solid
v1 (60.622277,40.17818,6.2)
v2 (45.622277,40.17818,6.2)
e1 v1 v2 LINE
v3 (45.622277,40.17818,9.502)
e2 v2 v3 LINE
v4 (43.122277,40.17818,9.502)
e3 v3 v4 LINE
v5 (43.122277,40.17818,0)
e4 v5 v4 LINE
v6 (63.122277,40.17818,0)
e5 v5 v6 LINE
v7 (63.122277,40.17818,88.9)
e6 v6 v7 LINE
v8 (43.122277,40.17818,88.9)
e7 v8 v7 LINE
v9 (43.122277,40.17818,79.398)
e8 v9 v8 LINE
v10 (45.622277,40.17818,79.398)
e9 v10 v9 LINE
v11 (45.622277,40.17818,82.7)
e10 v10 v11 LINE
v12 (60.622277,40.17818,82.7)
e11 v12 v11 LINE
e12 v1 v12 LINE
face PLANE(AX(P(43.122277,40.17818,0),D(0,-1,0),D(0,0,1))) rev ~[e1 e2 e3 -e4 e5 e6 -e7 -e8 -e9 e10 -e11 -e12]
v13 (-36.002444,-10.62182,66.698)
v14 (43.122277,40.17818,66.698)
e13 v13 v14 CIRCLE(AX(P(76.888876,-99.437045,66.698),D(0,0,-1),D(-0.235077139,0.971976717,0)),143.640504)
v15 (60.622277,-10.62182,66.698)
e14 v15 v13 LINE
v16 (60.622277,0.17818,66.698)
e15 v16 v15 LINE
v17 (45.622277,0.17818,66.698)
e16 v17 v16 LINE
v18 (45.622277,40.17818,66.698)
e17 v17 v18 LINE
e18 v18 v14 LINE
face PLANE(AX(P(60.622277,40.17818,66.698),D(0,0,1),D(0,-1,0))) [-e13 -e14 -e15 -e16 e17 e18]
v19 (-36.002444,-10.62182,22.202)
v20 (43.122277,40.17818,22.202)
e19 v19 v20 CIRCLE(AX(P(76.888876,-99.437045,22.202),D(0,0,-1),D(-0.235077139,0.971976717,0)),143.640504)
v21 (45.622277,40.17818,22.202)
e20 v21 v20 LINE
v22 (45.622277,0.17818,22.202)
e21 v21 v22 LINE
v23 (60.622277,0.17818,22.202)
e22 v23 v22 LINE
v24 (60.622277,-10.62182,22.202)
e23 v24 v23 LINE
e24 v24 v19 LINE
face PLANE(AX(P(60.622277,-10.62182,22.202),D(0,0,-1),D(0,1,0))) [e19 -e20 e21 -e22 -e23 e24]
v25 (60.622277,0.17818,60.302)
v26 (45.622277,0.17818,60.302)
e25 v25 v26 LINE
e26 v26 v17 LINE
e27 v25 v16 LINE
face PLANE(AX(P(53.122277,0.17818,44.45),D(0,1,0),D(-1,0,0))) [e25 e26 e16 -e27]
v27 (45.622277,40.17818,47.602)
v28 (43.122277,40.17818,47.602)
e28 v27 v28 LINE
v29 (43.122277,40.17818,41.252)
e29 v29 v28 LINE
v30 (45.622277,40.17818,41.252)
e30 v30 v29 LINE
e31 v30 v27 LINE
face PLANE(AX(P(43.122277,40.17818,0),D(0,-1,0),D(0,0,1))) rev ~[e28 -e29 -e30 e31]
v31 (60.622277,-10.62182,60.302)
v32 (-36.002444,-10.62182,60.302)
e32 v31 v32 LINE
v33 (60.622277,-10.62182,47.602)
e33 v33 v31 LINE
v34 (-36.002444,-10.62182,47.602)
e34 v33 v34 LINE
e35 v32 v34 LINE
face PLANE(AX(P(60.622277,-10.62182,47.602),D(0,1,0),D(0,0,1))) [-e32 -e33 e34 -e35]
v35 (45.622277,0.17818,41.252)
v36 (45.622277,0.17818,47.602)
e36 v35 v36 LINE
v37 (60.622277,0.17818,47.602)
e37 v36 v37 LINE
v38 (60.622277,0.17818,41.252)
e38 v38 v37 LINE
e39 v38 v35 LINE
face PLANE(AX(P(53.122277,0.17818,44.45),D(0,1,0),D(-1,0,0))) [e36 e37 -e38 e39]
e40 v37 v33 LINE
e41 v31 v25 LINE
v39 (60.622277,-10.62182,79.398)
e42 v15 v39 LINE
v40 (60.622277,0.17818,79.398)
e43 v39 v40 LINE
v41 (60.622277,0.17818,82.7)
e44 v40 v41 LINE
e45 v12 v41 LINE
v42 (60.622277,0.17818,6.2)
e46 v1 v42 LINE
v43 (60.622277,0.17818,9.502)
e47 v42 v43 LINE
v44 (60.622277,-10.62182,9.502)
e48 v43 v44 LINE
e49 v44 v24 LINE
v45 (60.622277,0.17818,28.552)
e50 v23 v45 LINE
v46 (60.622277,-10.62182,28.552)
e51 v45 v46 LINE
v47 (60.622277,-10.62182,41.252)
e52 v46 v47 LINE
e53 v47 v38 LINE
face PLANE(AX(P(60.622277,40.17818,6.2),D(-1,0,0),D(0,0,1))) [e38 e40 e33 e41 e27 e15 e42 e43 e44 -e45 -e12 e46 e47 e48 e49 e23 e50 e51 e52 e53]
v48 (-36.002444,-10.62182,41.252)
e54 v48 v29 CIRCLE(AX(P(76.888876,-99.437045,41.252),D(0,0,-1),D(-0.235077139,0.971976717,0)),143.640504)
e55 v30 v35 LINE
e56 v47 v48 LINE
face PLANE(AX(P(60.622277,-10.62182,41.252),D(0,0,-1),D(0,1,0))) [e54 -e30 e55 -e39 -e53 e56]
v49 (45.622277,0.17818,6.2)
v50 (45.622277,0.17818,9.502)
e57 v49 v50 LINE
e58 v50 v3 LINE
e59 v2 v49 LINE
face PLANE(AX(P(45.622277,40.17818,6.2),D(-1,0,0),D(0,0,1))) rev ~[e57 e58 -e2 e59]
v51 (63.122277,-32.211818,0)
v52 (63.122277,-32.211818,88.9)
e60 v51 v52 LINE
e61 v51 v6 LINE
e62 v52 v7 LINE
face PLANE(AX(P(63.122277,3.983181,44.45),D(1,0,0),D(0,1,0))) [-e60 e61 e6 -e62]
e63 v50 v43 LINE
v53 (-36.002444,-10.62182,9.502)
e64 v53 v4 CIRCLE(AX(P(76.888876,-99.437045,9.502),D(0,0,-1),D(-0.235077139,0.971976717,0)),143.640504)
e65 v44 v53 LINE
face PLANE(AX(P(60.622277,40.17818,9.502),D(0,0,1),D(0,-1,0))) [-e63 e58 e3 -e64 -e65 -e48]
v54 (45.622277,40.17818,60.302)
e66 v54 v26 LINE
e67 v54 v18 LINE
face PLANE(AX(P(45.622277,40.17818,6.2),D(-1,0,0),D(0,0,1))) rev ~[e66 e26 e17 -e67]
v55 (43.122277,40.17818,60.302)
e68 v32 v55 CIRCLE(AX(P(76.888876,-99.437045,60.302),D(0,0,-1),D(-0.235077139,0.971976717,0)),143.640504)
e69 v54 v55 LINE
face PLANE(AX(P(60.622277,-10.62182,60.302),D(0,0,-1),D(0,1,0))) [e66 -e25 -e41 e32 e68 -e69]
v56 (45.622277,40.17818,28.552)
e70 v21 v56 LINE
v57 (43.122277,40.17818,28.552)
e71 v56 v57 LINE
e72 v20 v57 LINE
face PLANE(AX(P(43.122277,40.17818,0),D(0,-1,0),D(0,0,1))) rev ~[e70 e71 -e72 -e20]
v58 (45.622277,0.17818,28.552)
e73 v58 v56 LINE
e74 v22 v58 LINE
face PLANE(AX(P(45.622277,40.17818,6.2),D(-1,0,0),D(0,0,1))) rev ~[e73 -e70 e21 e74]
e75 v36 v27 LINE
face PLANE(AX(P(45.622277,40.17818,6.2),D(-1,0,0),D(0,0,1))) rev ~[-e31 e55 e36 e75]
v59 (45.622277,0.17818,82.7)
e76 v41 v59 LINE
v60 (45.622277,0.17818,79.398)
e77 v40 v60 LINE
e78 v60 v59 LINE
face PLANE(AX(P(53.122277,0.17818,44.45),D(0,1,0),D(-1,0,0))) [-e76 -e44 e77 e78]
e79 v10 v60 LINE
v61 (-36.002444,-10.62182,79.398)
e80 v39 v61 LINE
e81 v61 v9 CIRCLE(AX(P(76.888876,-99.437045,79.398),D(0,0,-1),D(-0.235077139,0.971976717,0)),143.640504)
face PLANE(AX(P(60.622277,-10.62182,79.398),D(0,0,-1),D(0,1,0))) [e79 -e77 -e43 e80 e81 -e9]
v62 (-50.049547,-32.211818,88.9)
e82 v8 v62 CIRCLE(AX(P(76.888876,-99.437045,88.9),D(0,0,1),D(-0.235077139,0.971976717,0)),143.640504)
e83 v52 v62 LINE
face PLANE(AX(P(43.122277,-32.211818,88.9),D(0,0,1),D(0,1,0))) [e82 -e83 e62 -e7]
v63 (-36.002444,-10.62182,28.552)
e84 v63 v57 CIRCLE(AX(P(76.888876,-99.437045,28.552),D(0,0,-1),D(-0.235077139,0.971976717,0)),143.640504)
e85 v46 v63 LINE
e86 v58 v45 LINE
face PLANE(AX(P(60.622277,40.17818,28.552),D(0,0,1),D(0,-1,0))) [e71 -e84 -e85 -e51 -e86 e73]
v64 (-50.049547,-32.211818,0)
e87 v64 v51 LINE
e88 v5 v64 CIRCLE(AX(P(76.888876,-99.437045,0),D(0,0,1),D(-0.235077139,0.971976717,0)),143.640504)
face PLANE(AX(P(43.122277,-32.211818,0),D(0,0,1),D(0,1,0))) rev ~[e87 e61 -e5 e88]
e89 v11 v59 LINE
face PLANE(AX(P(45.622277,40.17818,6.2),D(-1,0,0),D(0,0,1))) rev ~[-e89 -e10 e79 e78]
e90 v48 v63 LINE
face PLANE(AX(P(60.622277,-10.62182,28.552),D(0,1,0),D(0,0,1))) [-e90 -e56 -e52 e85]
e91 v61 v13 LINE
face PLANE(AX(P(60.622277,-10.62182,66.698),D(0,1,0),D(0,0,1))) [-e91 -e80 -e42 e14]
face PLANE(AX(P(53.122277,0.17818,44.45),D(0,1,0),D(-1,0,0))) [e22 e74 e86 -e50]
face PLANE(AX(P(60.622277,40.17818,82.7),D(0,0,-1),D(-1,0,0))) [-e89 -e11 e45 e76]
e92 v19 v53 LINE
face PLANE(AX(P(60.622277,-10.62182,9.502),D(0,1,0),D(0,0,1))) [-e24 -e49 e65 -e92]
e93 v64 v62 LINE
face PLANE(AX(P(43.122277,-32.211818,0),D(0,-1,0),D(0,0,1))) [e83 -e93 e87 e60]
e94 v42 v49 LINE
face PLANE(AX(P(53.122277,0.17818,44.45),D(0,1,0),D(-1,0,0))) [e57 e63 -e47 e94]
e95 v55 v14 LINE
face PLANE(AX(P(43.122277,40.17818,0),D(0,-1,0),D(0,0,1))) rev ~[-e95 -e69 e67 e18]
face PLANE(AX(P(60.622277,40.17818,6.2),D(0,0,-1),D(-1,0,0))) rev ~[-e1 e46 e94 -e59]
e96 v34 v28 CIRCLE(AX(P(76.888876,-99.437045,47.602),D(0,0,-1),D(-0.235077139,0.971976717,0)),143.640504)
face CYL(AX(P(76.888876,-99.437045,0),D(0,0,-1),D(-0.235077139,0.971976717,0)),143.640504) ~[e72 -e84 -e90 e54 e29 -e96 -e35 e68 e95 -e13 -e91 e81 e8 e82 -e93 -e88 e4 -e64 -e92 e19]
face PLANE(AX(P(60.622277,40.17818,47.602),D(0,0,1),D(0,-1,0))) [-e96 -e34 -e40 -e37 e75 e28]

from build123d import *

# Parameters (mm, degrees)
F1_DEPTH = 88.9
F3_W     = 72.389998
F3_H     = 88.9
F4_DEPTH = 20
F5_W     = 15
F5_H     = 76.5
F6_DEPTH = 40
F7_W     = 10.8
F7_H     = 12.7
F7_W_2   = 40
F8_DEPTH = 110.672824


with BuildPart() as f1:
    # F0 (on Top) → F1 (new body)
    with BuildSketch(Plane.XY):
        with BuildLine():
            ThreePointArc((43.122277, 40.17818), (-11.239462, 13.991304), (-50.049547, -32.211818))
            Line((-50.049547, -32.211818), (43.122277, -32.211818))
            Line((43.122277, -32.211818), (43.122277, 40.17818))
        make_face()
    extrude(amount=F1_DEPTH)

    # F3 (on face) → F4 (join)
    with BuildSketch(Plane.YZ.offset(43.122277)):
        with Locations((3.983181, 44.45)):
            Rectangle(F3_W, F3_H)
    extrude(amount=F4_DEPTH)

    # F5 (on face) → F6 (cut)
    with BuildSketch(Plane(origin=(0, 40.17818, 0), x_dir=(-1, 0, 0), z_dir=(0, 1, 0))):
        with Locations((-53.122277, 44.45)):
            Rectangle(F5_W, F5_H)
    extrude(amount=-F6_DEPTH, mode=Mode.SUBTRACT)

    # F7 (on face) → F8 (cut, through all)
    with BuildSketch(Plane(origin=(60.622277, 0, 0), x_dir=(0, -1, 0), z_dir=(-1, 0, 0))):
        with Locations((5.22182, 15.852)):
            Rectangle(F7_W, F7_H)
        with Locations((5.22182, 34.902)):
            Rectangle(F7_W, F7_H)
        with Locations((5.22182, 53.952)):
            Rectangle(F7_W, F7_H)
        with Locations((5.22182, 73.048)):
            Rectangle(F7_W, F7_H)
        with Locations((-20.17818, 15.852)):
            Rectangle(F7_W_2, F7_H)
        with Locations((-20.17818, 34.902)):
            Rectangle(F7_W_2, F7_H)
        with Locations((-20.17818, 53.952)):
            Rectangle(F7_W_2, F7_H)
        with Locations((-20.17818, 73.048)):
            Rectangle(F7_W_2, F7_H)
    extrude(amount=F8_DEPTH, mode=Mode.SUBTRACT)


solid = f1.part
